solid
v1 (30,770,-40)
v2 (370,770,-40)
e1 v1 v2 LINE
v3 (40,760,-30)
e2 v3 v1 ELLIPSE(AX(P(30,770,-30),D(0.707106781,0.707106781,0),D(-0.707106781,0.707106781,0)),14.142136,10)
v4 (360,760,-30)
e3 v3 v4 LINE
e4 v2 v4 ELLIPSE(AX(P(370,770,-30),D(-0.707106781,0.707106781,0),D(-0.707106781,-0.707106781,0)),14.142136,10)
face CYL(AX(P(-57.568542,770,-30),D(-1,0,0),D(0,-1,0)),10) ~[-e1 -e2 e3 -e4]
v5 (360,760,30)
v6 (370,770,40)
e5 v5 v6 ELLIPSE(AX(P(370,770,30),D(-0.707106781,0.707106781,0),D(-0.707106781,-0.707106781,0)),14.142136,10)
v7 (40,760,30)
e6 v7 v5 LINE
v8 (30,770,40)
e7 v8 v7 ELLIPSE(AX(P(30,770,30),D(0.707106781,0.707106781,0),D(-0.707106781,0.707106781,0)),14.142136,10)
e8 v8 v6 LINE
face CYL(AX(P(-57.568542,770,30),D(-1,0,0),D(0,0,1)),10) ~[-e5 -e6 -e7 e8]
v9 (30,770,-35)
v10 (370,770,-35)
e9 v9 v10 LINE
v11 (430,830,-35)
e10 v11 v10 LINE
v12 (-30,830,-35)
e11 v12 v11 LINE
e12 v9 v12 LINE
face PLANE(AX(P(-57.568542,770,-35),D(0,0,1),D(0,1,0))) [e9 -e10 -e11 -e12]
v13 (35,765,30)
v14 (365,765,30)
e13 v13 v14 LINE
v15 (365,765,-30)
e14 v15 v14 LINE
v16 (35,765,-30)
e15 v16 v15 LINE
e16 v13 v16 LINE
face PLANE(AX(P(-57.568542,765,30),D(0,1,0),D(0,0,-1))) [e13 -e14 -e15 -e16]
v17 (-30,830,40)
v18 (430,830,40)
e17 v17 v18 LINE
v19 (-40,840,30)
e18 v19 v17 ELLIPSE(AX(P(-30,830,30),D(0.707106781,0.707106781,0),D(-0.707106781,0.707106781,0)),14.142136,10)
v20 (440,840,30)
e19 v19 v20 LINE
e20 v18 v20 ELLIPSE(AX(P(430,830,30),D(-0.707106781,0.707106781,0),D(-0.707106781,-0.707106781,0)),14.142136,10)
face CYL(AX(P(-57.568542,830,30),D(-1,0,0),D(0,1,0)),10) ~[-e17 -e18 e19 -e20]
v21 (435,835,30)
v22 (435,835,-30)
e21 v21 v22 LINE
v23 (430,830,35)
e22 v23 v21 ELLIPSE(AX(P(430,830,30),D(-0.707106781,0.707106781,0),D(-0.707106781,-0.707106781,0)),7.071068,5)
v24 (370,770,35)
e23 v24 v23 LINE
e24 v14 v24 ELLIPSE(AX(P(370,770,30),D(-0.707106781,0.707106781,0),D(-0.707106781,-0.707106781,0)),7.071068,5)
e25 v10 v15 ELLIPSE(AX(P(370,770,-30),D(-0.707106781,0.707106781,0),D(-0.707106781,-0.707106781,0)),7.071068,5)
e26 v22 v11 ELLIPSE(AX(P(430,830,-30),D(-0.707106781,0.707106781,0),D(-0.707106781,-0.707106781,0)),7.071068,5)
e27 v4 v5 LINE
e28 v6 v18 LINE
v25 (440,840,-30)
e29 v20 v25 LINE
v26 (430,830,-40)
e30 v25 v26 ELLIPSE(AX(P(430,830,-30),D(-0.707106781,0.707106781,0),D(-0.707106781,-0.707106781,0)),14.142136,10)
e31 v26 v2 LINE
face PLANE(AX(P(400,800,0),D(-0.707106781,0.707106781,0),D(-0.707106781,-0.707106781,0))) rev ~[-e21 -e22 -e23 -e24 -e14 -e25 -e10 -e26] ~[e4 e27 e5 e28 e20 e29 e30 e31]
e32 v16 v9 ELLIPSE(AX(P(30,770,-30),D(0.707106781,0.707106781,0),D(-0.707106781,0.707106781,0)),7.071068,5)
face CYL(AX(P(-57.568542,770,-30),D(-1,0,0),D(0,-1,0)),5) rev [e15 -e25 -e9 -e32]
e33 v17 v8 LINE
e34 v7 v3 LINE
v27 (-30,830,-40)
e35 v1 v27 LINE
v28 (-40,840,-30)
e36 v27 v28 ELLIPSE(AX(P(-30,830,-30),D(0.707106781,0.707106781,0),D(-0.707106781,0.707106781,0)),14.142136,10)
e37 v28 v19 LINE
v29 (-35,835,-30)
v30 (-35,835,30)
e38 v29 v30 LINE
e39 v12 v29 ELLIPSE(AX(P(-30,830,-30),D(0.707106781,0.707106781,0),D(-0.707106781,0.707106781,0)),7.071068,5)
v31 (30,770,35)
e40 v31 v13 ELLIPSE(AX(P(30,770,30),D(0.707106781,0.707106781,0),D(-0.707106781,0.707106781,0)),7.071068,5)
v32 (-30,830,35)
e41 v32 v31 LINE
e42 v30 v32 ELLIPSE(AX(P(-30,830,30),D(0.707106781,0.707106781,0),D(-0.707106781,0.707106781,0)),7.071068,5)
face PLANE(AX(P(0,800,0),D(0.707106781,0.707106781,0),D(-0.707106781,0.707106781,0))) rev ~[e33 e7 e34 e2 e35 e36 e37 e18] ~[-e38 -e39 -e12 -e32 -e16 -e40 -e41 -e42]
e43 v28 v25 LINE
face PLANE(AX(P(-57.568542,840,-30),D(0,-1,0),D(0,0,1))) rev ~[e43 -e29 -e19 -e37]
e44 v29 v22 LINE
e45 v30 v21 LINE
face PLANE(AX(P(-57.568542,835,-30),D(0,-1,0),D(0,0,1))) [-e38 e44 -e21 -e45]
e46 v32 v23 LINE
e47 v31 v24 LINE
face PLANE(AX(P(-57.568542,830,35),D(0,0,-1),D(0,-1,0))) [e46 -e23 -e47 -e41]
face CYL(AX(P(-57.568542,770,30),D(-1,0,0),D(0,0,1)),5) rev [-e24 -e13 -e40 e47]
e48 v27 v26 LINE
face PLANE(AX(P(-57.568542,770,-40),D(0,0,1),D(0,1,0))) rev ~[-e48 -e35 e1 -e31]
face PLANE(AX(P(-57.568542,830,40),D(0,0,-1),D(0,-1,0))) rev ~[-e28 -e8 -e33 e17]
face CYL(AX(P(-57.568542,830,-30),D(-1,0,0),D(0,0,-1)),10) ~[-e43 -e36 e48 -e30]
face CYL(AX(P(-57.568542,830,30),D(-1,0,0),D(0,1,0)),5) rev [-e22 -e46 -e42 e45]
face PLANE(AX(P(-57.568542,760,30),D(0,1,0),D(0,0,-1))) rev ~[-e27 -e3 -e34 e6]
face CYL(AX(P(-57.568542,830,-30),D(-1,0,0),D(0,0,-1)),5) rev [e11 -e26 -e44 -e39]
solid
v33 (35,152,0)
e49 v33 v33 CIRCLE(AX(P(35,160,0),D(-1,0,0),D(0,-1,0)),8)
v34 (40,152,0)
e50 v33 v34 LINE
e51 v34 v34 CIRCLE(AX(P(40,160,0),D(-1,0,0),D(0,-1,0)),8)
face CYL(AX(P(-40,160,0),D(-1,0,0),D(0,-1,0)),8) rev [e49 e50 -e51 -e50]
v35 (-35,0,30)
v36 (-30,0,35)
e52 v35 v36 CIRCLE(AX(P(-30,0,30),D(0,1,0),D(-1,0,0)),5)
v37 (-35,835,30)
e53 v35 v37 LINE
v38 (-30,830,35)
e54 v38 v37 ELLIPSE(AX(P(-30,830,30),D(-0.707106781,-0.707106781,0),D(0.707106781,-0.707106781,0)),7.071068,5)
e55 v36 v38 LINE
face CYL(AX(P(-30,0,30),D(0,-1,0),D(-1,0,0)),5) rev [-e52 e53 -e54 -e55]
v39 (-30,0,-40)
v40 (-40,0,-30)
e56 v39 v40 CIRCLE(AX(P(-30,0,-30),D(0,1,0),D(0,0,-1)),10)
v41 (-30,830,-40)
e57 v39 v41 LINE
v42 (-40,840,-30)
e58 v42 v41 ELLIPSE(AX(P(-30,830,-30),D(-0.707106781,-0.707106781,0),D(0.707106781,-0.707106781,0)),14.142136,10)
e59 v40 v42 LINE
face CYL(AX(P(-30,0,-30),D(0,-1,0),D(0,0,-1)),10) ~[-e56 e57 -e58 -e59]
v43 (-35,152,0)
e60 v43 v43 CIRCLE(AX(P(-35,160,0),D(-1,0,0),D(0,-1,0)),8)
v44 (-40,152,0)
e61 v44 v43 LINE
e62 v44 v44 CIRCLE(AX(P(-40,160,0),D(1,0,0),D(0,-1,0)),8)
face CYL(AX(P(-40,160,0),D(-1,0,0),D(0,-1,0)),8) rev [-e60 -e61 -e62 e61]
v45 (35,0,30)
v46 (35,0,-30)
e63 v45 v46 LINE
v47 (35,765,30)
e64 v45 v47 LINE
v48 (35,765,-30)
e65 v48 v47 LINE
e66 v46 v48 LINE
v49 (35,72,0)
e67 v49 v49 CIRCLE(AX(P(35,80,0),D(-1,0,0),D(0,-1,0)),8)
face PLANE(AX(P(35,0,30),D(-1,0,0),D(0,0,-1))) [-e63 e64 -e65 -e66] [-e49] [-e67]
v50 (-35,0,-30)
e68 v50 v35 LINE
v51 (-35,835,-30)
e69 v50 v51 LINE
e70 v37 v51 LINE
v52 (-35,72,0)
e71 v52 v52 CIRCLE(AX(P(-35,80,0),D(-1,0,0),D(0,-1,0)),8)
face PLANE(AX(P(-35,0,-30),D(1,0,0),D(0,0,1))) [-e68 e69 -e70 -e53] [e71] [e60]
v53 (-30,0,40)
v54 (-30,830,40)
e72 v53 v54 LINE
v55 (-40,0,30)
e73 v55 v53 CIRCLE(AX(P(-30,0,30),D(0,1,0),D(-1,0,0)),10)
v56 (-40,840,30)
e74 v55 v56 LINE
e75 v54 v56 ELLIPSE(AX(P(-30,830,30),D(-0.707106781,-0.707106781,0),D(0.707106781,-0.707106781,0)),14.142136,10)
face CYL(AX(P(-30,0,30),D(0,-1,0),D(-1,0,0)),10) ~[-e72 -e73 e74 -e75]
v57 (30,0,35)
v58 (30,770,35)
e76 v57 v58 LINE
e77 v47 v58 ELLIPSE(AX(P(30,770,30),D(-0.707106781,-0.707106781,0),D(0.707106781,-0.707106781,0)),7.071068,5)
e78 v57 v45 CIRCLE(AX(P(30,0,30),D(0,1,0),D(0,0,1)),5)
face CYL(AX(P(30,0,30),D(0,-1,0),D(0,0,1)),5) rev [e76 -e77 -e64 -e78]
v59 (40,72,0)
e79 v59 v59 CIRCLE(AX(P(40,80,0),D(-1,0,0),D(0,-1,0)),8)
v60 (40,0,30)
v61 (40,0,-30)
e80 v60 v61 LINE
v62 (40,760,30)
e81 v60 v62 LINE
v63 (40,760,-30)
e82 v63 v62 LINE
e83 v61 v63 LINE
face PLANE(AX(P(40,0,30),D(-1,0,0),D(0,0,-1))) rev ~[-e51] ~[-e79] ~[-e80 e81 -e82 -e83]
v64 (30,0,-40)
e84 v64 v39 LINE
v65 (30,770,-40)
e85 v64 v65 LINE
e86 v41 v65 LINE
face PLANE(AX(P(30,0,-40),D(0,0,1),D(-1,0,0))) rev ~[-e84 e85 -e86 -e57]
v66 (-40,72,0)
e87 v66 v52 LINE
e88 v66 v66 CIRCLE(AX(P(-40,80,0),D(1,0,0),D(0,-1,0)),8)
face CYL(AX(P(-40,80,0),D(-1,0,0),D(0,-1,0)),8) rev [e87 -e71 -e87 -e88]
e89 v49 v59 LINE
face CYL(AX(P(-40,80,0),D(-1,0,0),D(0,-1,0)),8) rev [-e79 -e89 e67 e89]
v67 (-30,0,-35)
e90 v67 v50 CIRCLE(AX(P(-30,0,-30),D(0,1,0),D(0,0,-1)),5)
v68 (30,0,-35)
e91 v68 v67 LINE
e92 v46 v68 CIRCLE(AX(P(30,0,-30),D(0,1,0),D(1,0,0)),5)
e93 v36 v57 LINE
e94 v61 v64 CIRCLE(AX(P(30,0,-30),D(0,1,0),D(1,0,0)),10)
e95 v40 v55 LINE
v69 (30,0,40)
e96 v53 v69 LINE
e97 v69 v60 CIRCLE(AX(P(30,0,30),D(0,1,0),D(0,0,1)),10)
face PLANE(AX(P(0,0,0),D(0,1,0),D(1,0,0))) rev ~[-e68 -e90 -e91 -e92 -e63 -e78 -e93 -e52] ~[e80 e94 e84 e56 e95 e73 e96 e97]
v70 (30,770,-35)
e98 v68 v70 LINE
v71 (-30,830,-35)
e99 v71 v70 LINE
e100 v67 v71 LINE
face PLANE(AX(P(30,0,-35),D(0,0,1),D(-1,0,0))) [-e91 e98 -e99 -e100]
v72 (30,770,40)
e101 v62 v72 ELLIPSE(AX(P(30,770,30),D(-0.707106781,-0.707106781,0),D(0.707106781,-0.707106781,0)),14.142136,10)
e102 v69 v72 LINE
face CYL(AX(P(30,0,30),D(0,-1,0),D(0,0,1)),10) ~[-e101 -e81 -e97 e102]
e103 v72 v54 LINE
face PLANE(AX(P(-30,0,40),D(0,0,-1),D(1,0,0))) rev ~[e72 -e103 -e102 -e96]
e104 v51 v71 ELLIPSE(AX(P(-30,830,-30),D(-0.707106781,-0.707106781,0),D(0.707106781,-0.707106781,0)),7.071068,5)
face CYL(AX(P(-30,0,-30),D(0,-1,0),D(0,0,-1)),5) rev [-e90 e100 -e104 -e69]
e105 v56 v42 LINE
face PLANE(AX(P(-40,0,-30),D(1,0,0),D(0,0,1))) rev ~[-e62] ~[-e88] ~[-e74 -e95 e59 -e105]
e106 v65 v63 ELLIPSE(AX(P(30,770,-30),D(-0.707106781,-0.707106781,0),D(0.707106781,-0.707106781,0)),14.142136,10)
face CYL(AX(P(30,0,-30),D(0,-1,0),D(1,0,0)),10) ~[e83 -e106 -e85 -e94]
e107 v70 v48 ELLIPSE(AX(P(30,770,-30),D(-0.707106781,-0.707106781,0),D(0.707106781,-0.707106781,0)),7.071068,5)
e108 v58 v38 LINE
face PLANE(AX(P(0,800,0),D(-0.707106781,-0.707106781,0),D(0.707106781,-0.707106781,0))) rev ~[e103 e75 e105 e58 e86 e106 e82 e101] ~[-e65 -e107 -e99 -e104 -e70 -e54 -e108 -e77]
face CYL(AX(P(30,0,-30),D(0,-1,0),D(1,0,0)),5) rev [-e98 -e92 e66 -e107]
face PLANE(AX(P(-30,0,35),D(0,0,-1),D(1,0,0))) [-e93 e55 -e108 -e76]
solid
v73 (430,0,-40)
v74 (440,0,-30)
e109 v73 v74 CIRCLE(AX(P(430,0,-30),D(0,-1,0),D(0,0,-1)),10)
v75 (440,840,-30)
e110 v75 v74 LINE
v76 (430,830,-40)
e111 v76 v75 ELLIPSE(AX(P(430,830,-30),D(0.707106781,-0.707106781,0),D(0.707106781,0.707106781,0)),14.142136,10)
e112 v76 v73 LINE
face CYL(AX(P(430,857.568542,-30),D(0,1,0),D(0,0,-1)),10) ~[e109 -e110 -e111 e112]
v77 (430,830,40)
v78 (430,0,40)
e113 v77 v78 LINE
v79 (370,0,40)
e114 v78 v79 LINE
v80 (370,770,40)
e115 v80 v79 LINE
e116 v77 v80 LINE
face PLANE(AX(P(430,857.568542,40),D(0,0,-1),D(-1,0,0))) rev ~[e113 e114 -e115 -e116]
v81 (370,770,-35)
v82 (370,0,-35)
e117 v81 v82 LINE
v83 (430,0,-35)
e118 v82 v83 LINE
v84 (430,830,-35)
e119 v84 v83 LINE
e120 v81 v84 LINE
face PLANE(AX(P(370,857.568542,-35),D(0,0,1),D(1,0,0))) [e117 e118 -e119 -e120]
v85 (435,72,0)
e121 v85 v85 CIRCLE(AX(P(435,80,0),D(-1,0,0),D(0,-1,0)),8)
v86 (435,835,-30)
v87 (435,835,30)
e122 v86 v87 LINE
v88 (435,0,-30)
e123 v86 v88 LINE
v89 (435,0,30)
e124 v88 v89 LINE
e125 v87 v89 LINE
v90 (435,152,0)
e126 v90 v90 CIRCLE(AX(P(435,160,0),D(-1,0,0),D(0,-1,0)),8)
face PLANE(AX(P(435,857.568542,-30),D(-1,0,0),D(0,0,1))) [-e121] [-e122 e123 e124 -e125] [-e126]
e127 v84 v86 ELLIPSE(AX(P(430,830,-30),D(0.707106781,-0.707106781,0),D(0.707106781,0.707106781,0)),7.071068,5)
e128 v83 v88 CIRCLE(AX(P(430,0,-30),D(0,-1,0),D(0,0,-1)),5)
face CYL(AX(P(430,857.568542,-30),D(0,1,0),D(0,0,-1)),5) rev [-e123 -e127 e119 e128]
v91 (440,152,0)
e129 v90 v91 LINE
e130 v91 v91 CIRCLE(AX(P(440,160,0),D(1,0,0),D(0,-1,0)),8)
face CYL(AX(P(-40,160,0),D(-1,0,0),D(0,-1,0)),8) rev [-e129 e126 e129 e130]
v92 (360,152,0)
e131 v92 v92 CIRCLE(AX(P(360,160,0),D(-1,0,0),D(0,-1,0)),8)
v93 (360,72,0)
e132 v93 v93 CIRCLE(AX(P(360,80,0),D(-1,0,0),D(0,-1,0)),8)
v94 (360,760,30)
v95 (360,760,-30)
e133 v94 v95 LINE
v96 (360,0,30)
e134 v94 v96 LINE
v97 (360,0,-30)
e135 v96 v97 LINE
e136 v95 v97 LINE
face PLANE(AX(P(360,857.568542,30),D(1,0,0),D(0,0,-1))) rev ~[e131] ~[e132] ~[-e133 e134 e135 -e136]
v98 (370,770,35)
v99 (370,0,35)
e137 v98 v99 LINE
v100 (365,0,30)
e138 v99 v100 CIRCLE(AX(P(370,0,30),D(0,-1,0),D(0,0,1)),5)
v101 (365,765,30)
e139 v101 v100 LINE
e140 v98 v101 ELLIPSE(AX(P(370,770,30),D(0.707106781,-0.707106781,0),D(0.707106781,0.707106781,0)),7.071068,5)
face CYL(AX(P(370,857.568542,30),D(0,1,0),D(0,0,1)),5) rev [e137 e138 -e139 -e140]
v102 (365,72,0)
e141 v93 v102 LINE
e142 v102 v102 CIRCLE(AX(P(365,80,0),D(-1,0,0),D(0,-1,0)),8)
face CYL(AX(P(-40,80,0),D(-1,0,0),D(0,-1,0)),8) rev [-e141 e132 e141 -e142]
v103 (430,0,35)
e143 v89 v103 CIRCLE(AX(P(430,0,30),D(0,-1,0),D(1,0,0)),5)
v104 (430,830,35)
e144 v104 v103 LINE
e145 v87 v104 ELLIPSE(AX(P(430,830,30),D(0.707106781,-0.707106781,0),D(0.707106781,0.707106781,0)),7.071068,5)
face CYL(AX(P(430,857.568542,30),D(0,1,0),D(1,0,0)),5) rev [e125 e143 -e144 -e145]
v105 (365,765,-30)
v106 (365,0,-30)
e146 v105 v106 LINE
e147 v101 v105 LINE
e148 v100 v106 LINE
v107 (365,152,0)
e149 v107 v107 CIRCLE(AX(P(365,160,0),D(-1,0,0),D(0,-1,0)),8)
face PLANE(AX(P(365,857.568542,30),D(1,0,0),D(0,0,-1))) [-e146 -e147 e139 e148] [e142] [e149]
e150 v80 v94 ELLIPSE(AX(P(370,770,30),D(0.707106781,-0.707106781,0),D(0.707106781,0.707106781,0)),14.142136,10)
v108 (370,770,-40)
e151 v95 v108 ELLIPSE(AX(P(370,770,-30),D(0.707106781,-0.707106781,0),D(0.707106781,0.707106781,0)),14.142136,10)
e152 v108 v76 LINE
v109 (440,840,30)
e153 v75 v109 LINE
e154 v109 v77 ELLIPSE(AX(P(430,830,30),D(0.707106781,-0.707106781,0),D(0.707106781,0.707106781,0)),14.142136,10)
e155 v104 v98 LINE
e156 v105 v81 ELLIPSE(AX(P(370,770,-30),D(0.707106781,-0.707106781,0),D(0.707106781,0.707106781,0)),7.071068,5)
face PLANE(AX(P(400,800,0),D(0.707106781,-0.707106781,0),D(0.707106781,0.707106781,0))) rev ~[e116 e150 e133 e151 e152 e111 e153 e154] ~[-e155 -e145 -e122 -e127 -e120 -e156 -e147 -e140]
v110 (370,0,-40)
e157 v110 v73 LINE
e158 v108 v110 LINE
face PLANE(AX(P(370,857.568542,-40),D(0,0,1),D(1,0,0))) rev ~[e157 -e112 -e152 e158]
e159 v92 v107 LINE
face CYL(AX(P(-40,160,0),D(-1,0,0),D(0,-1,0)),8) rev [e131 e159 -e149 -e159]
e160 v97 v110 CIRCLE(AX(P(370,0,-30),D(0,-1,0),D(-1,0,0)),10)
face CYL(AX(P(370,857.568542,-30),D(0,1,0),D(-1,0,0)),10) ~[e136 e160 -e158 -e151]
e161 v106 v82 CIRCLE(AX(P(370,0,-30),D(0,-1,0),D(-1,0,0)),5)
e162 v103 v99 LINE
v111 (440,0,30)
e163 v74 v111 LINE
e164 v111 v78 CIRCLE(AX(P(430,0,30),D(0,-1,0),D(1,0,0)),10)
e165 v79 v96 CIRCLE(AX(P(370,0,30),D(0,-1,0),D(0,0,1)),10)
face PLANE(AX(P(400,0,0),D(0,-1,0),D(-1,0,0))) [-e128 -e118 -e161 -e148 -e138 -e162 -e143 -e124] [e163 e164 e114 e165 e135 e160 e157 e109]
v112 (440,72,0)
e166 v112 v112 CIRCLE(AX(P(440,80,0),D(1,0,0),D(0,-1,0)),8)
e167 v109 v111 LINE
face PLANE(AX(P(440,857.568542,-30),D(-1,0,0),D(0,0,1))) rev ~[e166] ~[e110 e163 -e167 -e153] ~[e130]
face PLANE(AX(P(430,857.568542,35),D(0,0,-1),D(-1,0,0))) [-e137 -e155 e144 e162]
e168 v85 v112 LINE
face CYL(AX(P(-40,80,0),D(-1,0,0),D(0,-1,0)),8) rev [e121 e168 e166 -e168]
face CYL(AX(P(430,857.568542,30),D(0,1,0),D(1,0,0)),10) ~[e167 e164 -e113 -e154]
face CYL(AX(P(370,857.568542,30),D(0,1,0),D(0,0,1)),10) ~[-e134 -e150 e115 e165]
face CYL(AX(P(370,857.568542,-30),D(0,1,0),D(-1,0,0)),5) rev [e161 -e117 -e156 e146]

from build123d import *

# Parameters (mm, degrees)
SQUARE_TUBE_80_X_80_X_5_1_DEPTH   = 857.568542495
SQUARE_TUBE_80_X_80_X_5_1_2_DEPTH = 515.13708499
SQUARE_TUBE_80_X_80_X_5_1_3_DEPTH = 857.568542495
CUT_EXTRUDE1_START                = -480
SKETCH112_R                       = 8
CUT_EXTRUDE1_DEPTH                = 480


with BuildPart() as part:
    # Sketch1 → Square tube 80 X 80 X 5(1) (new body)
    with BuildSketch(Plane(origin=(0, 0, 0), x_dir=(1, 0, 0), z_dir=(0, 1, 0))):
        with BuildLine():
            Line((-30, -40), (30, -40))
            ThreePointArc((30, -40), (37.071067812, -37.071067812), (40, -30))
            Line((40, -30), (40, 30))
            ThreePointArc((40, 30), (37.071067812, 37.071067812), (30, 40))
            Line((30, 40), (-30, 40))
            ThreePointArc((-30, 40), (-37.071067812, 37.071067812), (-40, 30))
            Line((-40, 30), (-40, -30))
            ThreePointArc((-40, -30), (-37.071067812, -37.071067812), (-30, -40))
        make_face()
        with BuildLine():
            Line((-30, -35), (30, -35))
            ThreePointArc((30, -35), (33.535533906, -33.535533906), (35, -30))
            Line((35, -30), (35, 30))
            ThreePointArc((35, 30), (33.535533906, 33.535533906), (30, 35))
            Line((30, 35), (-30, 35))
            ThreePointArc((-30, 35), (-33.535533906, 33.535533906), (-35, 30))
            Line((-35, 30), (-35, -30))
            ThreePointArc((-35, -30), (-33.535533906, -33.535533906), (-30, -35))
        make_face(mode=Mode.SUBTRACT)
    extrude(amount=SQUARE_TUBE_80_X_80_X_5_1_DEPTH)

    # Square tube 80 X 80 X 5(1) mitre 1
    split(bisect_by=Plane(origin=(0, 800, 0), x_dir=(0.707106781, -0.707106781, 0), z_dir=(-0.707106781, -0.707106781, 0)), keep=Keep.TOP)


with BuildPart() as body_2:
    # Sketch1 on segment 2 (carried to segment 2) → Square tube 80 X 80 X 5_1 2 (new body)
    with BuildSketch(Plane(origin=(-57.568542495, 800, 0), x_dir=(0, -1, 0), z_dir=(1, 0, 0))):
        with BuildLine():
            Line((-30, -40), (30, -40))
            ThreePointArc((30, -40), (37.071067812, -37.071067812), (40, -30))
            Line((40, -30), (40, 30))
            ThreePointArc((40, 30), (37.071067812, 37.071067812), (30, 40))
            Line((30, 40), (-30, 40))
            ThreePointArc((-30, 40), (-37.071067812, 37.071067812), (-40, 30))
            Line((-40, 30), (-40, -30))
            ThreePointArc((-40, -30), (-37.071067812, -37.071067812), (-30, -40))
        make_face()
        with BuildLine():
            Line((-30, -35), (30, -35))
            ThreePointArc((30, -35), (33.535533906, -33.535533906), (35, -30))
            Line((35, -30), (35, 30))
            ThreePointArc((35, 30), (33.535533906, 33.535533906), (30, 35))
            Line((30, 35), (-30, 35))
            ThreePointArc((-30, 35), (-33.535533906, 33.535533906), (-35, 30))
            Line((-35, 30), (-35, -30))
            ThreePointArc((-35, -30), (-33.535533906, -33.535533906), (-30, -35))
        make_face(mode=Mode.SUBTRACT)
    extrude(amount=SQUARE_TUBE_80_X_80_X_5_1_2_DEPTH)

    # Square tube 80 X 80 X 5_1 2 mitre 1
    split(bisect_by=Plane(origin=(0, 800, 0), x_dir=(-0.707106781, 0.707106781, 0), z_dir=(0.707106781, 0.707106781, 0)), keep=Keep.TOP)

    # Square tube 80 X 80 X 5_1 2 mitre 2
    split(bisect_by=Plane(origin=(400, 800, 0), x_dir=(-0.707106781, -0.707106781, 0), z_dir=(-0.707106781, 0.707106781, 0)), keep=Keep.TOP)


with BuildPart() as body_3:
    # Sketch1 on segment 3 (carried to segment 3) → Square tube 80 X 80 X 5_1 3 (new body)
    with BuildSketch(Plane(origin=(400, 857.568542495, 0), x_dir=(-1, 0, 0), z_dir=(0, -1, 0))):
        with BuildLine():
            Line((-30, -40), (30, -40))
            ThreePointArc((30, -40), (37.071067812, -37.071067812), (40, -30))
            Line((40, -30), (40, 30))
            ThreePointArc((40, 30), (37.071067812, 37.071067812), (30, 40))
            Line((30, 40), (-30, 40))
            ThreePointArc((-30, 40), (-37.071067812, 37.071067812), (-40, 30))
            Line((-40, 30), (-40, -30))
            ThreePointArc((-40, -30), (-37.071067812, -37.071067812), (-30, -40))
        make_face()
        with BuildLine():
            Line((-30, -35), (30, -35))
            ThreePointArc((30, -35), (33.535533906, -33.535533906), (35, -30))
            Line((35, -30), (35, 30))
            ThreePointArc((35, 30), (33.535533906, 33.535533906), (30, 35))
            Line((30, 35), (-30, 35))
            ThreePointArc((-30, 35), (-33.535533906, 33.535533906), (-35, 30))
            Line((-35, 30), (-35, -30))
            ThreePointArc((-35, -30), (-33.535533906, -33.535533906), (-30, -35))
        make_face(mode=Mode.SUBTRACT)
    extrude(amount=SQUARE_TUBE_80_X_80_X_5_1_3_DEPTH)

    # Square tube 80 X 80 X 5_1 3 mitre 1
    split(bisect_by=Plane(origin=(400, 800, 0), x_dir=(0.707106781, 0.707106781, 0), z_dir=(0.707106781, -0.707106781, 0)), keep=Keep.TOP)


with BuildPart() as cut_extrude1_tool:
    # Sketch112 → Cut-Extrude1 (new body)
    with BuildSketch(Plane(origin=(440, 0, 0), x_dir=(0, 0, -1), z_dir=(1, 0, 0)).offset(CUT_EXTRUDE1_START)):
        with Locations(Location((0, 160, 0), (0, 0, 270))):
            Circle(SKETCH112_R)
        with Locations(Location((0, 80, 0), (0, 0, 270))):
            Circle(SKETCH112_R)
    extrude(amount=CUT_EXTRUDE1_DEPTH)


with BuildPart() as part_1:
    add(part.part)

    # Cut-Extrude1: cut by cut_extrude1_tool
    add(cut_extrude1_tool.part, mode=Mode.SUBTRACT)


with BuildPart() as body_3_1:
    add(body_3.part)

    # Cut-Extrude1: cut by cut_extrude1_tool
    add(cut_extrude1_tool.part, mode=Mode.SUBTRACT)


solid = Compound([body_2.part, part_1.part, body_3_1.part])
